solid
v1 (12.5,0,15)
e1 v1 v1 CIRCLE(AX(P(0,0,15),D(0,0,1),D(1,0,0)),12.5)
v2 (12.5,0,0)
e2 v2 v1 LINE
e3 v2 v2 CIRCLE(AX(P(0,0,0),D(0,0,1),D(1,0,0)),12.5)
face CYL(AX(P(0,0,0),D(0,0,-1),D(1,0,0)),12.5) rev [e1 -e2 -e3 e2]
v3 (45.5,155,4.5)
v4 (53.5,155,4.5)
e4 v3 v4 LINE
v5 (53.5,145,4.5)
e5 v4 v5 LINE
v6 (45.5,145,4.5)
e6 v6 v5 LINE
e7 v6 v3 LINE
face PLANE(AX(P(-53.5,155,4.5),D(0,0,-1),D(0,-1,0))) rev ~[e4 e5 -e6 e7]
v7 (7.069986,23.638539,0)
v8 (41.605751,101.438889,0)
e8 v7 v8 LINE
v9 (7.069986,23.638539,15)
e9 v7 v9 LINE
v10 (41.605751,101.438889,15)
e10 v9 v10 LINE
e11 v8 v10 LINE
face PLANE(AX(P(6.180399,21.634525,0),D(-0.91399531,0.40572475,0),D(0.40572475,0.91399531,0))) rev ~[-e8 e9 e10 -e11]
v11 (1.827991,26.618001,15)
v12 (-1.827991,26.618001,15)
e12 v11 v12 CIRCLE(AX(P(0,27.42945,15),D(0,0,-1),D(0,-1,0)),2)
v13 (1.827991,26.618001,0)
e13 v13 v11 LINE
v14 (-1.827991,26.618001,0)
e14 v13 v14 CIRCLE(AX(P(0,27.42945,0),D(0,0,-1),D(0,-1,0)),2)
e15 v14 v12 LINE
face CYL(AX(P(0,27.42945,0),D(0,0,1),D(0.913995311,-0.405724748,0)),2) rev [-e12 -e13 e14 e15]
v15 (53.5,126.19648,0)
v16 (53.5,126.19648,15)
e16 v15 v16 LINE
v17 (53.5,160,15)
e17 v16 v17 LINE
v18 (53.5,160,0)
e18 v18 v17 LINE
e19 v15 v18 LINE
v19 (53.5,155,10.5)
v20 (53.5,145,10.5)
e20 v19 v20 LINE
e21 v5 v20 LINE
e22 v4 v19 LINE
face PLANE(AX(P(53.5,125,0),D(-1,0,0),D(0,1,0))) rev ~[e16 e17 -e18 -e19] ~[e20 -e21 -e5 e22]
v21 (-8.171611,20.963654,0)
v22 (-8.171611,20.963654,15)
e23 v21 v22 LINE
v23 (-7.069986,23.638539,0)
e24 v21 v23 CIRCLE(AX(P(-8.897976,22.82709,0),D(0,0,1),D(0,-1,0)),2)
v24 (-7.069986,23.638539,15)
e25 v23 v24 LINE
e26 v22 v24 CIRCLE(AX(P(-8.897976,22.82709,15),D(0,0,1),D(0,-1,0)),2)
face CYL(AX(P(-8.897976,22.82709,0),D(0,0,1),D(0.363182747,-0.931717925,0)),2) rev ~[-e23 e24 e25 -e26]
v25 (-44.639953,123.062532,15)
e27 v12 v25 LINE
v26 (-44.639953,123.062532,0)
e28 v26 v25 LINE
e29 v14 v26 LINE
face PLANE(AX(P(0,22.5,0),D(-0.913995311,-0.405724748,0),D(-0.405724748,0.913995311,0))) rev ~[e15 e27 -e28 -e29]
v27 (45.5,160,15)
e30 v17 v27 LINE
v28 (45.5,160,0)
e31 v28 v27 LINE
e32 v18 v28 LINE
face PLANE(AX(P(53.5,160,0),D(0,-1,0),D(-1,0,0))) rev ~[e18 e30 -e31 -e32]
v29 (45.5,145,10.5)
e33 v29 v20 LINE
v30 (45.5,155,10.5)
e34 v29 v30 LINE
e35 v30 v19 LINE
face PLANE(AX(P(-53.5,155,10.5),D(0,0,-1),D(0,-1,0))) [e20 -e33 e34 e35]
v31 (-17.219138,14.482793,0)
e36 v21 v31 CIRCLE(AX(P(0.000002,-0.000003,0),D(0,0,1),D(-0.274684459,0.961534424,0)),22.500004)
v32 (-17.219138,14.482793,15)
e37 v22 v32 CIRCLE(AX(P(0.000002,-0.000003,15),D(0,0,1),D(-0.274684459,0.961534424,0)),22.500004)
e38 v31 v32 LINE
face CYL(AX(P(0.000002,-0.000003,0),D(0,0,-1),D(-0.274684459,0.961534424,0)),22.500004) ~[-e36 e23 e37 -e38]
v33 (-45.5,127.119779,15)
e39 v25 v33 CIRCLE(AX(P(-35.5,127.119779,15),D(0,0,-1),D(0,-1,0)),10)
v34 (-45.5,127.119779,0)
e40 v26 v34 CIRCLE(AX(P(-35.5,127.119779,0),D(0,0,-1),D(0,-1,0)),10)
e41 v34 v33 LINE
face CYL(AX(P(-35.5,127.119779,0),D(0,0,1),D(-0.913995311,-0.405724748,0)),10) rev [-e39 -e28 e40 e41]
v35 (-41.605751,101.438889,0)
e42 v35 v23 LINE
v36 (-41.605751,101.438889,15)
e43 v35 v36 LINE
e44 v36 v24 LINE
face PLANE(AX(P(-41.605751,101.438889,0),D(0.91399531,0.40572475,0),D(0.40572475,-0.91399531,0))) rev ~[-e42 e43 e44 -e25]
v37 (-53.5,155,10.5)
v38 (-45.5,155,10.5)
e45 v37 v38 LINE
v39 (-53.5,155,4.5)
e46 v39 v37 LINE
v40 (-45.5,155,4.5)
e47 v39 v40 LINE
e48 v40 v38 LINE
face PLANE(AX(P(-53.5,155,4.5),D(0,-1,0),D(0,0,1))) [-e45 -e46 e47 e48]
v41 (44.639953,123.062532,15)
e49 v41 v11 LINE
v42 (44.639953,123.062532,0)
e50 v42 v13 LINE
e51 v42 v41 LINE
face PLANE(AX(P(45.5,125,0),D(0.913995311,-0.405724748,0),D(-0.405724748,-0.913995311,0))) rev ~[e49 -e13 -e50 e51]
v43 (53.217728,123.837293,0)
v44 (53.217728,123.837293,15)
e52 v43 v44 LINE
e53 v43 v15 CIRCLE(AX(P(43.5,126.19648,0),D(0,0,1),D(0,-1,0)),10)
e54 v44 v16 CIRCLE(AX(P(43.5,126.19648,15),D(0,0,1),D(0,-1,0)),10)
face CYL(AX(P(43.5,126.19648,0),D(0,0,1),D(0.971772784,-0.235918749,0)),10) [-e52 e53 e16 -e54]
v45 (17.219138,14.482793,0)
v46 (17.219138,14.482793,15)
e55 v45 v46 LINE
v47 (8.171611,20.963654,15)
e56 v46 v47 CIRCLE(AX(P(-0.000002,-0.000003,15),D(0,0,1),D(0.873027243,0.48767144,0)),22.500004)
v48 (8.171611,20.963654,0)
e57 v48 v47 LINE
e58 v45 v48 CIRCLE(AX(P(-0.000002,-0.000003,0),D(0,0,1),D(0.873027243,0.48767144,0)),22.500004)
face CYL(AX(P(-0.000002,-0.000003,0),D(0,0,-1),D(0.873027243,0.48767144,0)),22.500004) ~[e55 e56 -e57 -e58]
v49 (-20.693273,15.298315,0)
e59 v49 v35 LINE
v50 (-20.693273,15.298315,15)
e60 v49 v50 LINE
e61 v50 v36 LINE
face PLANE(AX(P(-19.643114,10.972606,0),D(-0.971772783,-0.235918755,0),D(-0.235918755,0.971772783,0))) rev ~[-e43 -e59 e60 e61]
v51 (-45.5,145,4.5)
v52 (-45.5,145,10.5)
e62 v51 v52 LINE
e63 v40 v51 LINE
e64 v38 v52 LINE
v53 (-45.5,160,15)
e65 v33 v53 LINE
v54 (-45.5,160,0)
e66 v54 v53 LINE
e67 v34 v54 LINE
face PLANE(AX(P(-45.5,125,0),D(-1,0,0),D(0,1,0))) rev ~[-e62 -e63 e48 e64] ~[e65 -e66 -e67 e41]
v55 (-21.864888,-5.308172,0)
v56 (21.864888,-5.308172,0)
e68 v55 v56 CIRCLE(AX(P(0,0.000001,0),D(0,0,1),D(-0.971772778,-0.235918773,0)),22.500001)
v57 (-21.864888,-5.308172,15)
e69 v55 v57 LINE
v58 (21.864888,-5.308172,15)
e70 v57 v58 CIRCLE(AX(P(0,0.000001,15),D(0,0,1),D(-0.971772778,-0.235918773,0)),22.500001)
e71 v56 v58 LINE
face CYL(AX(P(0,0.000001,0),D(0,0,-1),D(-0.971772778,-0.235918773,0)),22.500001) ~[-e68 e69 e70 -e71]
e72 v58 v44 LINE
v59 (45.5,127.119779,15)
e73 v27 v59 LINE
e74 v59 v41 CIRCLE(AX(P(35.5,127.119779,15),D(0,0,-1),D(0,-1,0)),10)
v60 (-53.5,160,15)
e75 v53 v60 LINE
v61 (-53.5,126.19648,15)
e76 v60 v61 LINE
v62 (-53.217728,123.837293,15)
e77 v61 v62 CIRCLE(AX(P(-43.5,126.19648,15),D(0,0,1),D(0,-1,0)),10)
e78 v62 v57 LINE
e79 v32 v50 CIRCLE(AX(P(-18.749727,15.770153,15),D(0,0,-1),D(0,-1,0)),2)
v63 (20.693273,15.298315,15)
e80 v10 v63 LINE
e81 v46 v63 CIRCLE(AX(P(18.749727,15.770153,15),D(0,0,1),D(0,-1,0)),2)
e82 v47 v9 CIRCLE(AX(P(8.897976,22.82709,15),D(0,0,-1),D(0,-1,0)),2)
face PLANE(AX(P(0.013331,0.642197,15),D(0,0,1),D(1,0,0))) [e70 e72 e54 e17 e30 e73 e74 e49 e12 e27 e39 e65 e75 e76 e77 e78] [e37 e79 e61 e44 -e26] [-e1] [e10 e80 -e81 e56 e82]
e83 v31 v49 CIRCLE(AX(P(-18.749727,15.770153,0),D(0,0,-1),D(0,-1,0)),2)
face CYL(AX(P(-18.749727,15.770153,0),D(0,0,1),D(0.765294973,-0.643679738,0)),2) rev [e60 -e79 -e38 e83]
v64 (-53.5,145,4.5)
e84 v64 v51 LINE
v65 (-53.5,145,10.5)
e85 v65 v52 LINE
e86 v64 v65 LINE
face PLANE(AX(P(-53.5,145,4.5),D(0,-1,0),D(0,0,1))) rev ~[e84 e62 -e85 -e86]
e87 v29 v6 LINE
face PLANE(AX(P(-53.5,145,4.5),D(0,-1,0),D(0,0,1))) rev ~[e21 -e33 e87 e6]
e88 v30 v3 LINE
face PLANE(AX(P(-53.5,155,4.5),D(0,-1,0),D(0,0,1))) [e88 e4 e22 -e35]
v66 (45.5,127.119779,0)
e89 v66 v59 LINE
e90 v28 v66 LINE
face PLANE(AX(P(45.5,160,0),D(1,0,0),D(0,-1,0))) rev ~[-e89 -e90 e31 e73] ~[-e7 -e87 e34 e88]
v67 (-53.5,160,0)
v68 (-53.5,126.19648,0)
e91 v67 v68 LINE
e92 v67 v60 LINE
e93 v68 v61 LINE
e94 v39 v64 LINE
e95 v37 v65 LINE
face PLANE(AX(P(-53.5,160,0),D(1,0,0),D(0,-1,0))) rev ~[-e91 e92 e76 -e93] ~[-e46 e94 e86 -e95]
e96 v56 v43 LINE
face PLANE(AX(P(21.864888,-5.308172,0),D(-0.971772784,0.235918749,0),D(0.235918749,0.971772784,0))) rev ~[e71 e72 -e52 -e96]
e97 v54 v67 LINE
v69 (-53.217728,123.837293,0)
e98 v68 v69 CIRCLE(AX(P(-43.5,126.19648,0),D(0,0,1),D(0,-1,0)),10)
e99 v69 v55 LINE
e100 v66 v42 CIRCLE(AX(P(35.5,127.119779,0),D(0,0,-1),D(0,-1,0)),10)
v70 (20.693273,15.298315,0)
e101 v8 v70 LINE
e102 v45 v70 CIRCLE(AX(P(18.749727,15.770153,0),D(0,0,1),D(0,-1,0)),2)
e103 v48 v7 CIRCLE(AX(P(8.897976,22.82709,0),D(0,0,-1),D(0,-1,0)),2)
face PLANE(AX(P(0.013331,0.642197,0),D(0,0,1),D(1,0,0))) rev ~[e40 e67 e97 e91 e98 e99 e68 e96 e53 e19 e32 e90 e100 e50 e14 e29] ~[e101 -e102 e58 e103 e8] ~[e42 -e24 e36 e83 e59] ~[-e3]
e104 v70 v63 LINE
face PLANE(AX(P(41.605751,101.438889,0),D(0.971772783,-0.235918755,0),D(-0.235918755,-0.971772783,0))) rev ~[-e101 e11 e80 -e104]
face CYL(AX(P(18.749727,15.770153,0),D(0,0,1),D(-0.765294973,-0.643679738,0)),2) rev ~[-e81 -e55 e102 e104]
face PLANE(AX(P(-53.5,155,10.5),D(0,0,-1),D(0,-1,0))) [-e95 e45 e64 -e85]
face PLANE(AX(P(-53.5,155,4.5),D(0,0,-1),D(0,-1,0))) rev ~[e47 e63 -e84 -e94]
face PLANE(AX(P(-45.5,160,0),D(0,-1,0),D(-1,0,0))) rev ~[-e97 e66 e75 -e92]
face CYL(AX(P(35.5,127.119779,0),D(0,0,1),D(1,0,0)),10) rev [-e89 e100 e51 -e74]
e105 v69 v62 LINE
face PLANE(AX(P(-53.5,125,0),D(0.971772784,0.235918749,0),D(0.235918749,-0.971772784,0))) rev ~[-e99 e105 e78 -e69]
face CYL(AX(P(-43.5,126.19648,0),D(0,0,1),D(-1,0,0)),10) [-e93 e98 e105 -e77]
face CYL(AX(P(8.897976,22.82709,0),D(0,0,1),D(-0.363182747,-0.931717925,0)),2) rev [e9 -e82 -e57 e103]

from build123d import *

# Parameters (mm, degrees)
F0_R     = 12.5
F1_DEPTH = 15
F2_R     = 10
F3_R     = 2
F4_W     = 10
F4_H     = 6
F5_DEPTH = 107.001


with BuildPart() as f1:
    # F0 (on Top) → F1 (new body)
    with BuildSketch(Plane.XY):
        with BuildLine():
            ThreePointArc((21.864888, -5.308172), (22.340658, -2.673016), (22.5, 0))
            ThreePointArc((22.5, 0), (21.774068, 5.669212), (19.643114, 10.972606))
            ThreePointArc((19.643114, 10.972606), (13.968986, 17.638521), (6.180399, 21.634525))
            ThreePointArc((6.180399, 21.634525), (3.120352, 22.282581), (0, 22.5))
            ThreePointArc((0, 22.5), (-3.120352, 22.282581), (-6.180399, 21.634525))
            ThreePointArc((-6.180399, 21.634525), (-13.968986, 17.638521), (-19.643114, 10.972606))
            ThreePointArc((-19.643114, 10.972606), (-22.293373, 3.042289), (-21.864888, -5.308172))
            ThreePointArc((-21.864888, -5.308172), (0, -22.5), (21.864888, -5.308172))
        make_face()
        Circle(F0_R, mode=Mode.SUBTRACT)
        with BuildLine():
            ThreePointArc((19.643114, 10.972606), (21.774068, 5.669212), (22.5, 0))
            ThreePointArc((22.5, 0), (22.340658, -2.673016), (21.864888, -5.308172))
            Line((21.864888, -5.308172), (53.5, 125))
            Line((53.5, 125), (53.5, 160))
            Line((53.5, 160), (45.5, 160))
            Line((45.5, 160), (45.5, 125))
            Line((45.5, 125), (0, 22.5))
            ThreePointArc((0, 22.5), (3.120352, 22.282581), (6.180399, 21.634525))
            Line((6.180399, 21.634525), (41.605751, 101.438889))
            Line((41.605751, 101.438889), (19.643114, 10.972606))
        make_face()
        with BuildLine():
            Line((-53.5, 125), (-21.864888, -5.308172))
            ThreePointArc((-21.864888, -5.308172), (-22.293373, 3.042289), (-19.643114, 10.972606))
            Line((-19.643114, 10.972606), (-41.605751, 101.438889))
            Line((-41.605751, 101.438889), (-6.180399, 21.634525))
            ThreePointArc((-6.180399, 21.634525), (-3.120352, 22.282581), (0, 22.5))
            Line((0, 22.5), (-45.5, 125))
            Line((-45.5, 125), (-45.5, 160))
            Line((-45.5, 160), (-53.5, 160))
            Line((-53.5, 160), (-53.5, 125))
        make_face()
    extrude(amount=F1_DEPTH)

    # F2
    f2_edges = [f1.edges().sort_by_distance(p)[0] for p in [
        (-53.5, 125, 7.5),
        (45.5, 125, 7.5),
        (-45.5, 125, 7.5),
        (53.5, 125, 7.5),
    ]]
    fillet(f2_edges, radius=F2_R)

    # F3
    f3_edges = [f1.edges().sort_by_distance(p)[0] for p in [
        (-6.180399, 21.634525, 7.5),
        (-19.643114, 10.972606, 7.5),
        (19.643114, 10.972606, 7.5),
        (6.180399, 21.634525, 7.5),
        (0, 22.5, 7.5),
    ]]
    fillet(f3_edges, radius=F3_R)

    # F4 (on face) → F5 (cut, through all)
    with BuildSketch(Plane(origin=(-53.5, 0, 0), x_dir=(0, -1, 0), z_dir=(-1, 0, 0))):
        with Locations((-150, 7.5)):
            Rectangle(F4_W, F4_H)
    extrude(amount=-F5_DEPTH, mode=Mode.SUBTRACT)


solid = f1.part
